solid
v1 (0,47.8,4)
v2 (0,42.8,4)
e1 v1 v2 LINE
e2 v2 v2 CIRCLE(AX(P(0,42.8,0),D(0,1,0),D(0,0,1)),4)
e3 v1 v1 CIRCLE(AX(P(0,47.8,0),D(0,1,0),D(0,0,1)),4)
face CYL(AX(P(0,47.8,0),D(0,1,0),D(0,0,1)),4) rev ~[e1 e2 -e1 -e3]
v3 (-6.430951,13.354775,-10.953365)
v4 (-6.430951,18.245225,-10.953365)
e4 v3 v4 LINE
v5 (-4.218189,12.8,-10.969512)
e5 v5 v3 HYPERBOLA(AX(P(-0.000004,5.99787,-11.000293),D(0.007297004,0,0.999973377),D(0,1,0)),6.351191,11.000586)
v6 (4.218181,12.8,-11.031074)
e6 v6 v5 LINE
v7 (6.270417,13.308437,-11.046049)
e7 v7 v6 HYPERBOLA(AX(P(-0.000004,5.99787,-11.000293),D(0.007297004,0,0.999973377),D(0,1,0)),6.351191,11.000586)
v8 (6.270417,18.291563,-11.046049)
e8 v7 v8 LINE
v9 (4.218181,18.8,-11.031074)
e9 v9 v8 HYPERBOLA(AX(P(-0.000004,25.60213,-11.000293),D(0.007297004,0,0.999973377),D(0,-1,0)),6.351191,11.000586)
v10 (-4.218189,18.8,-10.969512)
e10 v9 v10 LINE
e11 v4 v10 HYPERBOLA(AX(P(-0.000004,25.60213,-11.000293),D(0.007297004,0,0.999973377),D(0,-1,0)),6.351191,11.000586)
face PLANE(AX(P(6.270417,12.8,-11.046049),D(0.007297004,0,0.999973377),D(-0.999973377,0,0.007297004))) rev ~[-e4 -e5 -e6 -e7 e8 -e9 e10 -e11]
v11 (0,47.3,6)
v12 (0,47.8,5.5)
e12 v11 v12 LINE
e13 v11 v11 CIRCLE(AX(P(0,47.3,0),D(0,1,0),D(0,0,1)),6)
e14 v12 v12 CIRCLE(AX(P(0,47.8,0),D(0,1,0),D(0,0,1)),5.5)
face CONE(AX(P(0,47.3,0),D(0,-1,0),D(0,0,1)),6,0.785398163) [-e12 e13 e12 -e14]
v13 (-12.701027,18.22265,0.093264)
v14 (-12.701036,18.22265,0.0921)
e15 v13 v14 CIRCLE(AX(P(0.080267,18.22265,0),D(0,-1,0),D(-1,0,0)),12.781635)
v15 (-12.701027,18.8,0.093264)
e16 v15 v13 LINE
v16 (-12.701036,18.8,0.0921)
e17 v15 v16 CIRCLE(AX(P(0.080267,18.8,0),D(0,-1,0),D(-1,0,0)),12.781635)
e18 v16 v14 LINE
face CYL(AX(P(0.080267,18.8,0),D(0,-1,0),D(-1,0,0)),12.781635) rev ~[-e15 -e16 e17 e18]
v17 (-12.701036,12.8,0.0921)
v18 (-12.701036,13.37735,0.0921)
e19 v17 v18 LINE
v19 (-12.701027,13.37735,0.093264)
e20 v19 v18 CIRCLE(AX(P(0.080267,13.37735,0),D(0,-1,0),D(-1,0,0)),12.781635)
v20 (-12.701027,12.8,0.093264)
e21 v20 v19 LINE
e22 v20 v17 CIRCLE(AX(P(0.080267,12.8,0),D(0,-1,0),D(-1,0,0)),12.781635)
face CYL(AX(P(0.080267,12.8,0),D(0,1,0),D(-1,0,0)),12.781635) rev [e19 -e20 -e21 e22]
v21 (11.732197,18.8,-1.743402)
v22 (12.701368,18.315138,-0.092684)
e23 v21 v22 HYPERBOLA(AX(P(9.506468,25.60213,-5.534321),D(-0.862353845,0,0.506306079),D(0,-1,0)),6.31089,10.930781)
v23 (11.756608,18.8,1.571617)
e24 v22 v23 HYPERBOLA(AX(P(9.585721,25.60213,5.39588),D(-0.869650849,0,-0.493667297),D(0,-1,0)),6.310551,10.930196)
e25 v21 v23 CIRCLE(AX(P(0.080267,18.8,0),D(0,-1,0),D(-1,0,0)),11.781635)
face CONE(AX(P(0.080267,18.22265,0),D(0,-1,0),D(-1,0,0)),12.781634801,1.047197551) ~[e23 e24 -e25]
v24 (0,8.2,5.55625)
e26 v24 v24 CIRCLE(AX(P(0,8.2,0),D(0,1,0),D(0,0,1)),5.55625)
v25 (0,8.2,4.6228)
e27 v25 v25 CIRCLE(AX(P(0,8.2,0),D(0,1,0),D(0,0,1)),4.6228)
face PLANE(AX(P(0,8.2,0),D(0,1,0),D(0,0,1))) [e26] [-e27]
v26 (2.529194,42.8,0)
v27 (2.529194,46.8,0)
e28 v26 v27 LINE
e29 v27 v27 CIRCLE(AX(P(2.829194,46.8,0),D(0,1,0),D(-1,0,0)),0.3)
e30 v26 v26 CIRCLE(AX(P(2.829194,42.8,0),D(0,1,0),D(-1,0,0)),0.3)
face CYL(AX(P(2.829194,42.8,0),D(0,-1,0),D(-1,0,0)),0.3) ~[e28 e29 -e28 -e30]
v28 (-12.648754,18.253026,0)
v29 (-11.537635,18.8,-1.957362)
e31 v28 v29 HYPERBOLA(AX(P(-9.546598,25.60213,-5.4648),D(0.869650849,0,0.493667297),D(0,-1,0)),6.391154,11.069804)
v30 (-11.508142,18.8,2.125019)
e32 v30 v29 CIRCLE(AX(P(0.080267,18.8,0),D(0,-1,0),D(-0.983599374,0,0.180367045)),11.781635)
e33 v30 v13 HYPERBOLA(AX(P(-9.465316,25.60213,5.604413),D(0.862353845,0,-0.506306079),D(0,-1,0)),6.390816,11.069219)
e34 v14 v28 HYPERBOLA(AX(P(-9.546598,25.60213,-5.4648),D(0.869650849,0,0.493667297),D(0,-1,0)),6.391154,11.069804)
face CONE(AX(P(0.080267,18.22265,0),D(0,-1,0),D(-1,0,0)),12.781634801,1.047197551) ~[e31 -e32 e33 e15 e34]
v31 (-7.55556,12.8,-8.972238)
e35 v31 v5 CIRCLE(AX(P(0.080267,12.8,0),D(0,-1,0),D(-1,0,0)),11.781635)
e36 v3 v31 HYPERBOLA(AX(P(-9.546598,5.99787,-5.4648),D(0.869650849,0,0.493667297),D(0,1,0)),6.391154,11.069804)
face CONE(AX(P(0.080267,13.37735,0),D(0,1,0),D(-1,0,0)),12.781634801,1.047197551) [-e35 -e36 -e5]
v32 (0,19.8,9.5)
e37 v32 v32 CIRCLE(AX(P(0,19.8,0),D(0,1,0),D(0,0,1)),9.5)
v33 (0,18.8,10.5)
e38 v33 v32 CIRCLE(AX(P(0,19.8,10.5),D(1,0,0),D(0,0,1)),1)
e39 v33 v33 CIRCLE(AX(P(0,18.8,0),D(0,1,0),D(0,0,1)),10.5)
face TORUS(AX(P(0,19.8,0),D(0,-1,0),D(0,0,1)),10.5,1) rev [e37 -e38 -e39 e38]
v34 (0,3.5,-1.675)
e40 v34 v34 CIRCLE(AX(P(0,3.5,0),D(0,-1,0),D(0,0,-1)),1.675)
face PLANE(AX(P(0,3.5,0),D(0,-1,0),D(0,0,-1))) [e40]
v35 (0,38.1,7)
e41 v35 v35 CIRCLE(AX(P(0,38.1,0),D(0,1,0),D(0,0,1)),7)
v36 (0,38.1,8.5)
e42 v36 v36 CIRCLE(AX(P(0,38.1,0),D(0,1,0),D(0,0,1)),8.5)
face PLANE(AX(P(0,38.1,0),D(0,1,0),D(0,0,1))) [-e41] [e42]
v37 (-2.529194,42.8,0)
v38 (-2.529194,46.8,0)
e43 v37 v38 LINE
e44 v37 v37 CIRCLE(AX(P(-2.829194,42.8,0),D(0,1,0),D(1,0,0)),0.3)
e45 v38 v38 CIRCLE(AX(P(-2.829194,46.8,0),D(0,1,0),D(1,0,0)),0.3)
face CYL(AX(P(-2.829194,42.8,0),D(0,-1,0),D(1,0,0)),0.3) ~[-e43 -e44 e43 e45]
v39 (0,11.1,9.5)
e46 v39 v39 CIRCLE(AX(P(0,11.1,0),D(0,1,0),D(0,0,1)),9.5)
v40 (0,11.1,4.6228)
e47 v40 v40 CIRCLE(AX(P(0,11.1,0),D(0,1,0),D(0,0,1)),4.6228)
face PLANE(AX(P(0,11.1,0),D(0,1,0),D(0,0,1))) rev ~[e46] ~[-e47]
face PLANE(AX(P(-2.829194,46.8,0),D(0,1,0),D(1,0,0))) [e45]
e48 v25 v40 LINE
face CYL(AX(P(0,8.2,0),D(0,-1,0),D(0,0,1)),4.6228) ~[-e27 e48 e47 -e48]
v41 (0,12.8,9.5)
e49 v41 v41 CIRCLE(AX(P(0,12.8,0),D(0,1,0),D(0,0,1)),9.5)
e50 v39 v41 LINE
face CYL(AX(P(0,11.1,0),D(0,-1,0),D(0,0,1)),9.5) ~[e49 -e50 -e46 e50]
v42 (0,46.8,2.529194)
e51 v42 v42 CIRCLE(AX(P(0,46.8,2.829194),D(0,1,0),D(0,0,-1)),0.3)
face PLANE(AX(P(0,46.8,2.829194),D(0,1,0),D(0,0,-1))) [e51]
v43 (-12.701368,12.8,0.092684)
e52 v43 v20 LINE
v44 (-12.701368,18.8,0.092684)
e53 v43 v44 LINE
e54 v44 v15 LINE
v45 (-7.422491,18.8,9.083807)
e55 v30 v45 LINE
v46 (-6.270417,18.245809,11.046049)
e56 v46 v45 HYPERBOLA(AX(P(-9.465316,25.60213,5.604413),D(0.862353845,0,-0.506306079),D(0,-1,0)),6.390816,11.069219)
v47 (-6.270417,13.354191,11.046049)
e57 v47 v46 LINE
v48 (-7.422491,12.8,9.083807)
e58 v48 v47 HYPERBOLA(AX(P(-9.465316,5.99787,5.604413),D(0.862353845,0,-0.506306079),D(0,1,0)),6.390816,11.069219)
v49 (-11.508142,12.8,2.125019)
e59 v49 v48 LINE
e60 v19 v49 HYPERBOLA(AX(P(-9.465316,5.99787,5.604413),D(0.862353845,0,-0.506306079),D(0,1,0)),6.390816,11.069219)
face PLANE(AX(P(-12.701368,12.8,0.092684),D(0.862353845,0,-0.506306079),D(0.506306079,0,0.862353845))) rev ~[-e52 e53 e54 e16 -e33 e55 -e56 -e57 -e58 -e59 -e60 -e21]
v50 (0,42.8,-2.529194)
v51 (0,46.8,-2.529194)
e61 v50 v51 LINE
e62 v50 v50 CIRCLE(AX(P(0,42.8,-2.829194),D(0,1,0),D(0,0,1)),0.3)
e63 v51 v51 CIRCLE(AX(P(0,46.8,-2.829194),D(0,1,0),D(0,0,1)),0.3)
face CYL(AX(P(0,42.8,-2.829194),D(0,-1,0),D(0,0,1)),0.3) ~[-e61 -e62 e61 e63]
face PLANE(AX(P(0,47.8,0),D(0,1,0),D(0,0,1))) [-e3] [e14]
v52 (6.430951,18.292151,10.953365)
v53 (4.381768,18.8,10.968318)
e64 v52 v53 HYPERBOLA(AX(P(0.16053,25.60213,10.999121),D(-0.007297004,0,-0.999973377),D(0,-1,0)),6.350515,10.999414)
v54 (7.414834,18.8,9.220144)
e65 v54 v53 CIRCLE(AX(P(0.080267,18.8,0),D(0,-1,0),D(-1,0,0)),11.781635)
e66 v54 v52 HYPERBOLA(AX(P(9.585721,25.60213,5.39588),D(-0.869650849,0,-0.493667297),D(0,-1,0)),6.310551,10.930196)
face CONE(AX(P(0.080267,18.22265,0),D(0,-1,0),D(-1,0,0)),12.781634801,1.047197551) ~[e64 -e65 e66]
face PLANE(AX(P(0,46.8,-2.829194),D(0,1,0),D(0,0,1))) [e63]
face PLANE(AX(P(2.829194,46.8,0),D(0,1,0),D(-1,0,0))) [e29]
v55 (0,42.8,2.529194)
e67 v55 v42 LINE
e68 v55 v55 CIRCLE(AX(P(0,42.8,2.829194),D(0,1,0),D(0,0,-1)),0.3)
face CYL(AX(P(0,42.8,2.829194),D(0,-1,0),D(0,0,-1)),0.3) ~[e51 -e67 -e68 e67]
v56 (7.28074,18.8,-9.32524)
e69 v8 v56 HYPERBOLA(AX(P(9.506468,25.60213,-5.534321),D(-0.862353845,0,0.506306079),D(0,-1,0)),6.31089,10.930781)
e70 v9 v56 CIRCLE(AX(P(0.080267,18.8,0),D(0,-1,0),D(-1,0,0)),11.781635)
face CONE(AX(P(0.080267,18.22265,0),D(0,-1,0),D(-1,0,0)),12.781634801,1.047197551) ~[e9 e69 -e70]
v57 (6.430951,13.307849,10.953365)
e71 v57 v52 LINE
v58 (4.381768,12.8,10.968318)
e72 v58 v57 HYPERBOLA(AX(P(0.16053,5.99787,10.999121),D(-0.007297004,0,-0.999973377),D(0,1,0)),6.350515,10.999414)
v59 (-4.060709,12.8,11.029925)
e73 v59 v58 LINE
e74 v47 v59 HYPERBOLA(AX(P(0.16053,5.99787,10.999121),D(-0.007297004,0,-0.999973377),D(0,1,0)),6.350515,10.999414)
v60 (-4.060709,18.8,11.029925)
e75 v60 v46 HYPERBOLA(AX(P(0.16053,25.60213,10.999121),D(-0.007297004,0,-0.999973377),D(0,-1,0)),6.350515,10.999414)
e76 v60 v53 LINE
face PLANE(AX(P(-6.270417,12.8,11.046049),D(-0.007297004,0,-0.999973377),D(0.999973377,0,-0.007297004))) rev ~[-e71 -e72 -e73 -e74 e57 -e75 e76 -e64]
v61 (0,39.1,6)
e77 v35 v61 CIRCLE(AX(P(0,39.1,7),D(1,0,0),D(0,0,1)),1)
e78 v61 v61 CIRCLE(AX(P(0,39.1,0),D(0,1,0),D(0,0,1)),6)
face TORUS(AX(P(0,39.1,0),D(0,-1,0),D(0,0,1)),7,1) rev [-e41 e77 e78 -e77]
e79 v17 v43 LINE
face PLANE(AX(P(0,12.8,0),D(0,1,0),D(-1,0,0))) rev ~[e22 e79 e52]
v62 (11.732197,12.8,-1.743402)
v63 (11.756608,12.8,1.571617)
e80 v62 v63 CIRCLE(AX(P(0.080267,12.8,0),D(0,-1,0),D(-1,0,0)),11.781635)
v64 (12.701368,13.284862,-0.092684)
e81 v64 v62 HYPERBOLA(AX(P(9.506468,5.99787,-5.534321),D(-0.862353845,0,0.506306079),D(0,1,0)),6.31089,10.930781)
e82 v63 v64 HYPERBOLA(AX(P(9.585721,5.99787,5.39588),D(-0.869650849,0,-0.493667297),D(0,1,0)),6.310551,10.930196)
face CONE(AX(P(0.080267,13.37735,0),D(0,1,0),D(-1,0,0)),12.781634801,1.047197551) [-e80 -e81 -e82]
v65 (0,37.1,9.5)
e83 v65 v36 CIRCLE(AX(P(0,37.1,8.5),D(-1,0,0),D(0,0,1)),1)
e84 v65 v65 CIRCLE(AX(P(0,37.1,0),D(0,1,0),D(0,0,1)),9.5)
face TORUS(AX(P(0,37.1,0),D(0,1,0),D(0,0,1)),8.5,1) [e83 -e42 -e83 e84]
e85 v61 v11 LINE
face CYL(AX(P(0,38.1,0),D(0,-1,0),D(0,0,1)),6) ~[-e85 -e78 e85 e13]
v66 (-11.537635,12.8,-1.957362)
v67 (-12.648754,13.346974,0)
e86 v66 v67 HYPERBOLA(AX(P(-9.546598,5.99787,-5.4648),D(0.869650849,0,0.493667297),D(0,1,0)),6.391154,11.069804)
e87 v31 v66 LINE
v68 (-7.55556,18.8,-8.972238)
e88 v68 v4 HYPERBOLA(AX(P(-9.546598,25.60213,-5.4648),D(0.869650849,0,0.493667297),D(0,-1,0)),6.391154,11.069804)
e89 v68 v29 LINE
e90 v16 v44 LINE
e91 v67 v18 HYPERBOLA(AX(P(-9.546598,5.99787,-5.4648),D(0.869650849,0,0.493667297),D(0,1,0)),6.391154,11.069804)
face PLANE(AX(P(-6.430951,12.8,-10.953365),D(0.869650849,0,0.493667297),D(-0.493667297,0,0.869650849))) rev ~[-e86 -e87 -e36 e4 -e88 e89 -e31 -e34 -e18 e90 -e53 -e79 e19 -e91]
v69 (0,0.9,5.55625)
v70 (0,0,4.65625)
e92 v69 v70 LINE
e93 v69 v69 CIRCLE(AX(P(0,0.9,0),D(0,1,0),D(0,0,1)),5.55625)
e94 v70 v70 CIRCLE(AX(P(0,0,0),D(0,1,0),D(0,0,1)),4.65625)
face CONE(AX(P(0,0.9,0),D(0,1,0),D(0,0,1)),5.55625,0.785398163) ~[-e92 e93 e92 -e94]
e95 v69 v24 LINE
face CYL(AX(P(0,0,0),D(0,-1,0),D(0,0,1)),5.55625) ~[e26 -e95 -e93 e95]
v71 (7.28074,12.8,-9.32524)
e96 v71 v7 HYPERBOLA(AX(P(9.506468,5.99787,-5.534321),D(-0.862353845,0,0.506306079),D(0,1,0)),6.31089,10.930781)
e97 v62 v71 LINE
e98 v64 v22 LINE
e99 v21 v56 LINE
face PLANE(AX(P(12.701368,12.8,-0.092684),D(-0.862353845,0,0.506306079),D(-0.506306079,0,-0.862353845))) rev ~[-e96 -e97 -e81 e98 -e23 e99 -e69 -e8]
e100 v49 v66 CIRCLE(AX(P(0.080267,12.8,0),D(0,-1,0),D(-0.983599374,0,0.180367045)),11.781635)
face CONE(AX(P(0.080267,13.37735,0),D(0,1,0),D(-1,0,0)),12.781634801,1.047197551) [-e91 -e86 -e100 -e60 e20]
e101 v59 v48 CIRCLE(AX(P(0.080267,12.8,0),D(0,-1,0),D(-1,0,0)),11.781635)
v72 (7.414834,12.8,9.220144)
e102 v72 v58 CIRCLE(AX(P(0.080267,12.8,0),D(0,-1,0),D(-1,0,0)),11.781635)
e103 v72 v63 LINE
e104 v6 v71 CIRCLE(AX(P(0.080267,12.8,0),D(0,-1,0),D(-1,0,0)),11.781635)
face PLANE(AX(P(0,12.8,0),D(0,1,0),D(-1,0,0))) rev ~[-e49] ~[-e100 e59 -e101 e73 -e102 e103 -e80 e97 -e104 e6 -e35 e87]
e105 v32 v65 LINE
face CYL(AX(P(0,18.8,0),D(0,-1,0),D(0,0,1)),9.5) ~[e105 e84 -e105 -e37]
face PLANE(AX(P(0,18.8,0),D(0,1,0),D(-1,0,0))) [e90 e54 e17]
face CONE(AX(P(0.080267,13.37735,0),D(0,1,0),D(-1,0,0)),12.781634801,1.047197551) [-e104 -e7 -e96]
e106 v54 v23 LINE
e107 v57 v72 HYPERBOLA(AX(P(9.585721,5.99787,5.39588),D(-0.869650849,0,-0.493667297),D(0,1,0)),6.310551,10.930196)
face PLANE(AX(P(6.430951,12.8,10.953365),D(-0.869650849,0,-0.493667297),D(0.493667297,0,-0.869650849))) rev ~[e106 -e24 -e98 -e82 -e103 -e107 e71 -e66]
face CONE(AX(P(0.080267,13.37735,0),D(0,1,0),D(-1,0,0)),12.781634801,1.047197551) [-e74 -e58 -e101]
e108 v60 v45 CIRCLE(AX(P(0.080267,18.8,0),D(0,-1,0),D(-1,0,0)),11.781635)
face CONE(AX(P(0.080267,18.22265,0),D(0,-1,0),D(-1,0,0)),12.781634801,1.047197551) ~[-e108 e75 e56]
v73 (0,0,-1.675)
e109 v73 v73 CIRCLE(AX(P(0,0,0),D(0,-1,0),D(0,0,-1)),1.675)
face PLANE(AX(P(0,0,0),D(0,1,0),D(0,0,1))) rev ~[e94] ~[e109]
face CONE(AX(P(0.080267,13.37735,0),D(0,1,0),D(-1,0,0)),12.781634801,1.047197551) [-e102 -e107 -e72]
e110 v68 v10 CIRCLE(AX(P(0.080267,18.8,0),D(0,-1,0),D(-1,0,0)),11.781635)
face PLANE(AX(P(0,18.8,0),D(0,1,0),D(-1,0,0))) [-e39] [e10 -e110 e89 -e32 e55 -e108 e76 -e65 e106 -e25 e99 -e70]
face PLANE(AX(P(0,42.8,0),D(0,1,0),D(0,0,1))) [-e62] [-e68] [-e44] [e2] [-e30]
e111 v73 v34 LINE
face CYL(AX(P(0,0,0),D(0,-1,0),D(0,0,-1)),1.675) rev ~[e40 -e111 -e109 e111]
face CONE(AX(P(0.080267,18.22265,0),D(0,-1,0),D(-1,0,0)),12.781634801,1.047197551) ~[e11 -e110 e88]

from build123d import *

# Parameters (mm, degrees)
SKETCH1_R               = 5.55625
EXTRUDE1_DEPTH          = 8.2
SKETCH2_R               = 4.6228
EXTRUDE2_DEPTH          = 2.9
SKETCH17_R              = 9.5
EXTRUDE13_DEPTH         = 1.7
EXTRUDE4_DEPTH          = 6
SKETCH5_R               = 9.5
EXTRUDE5_DEPTH          = 19.3
CHAMFER1_SIZE           = 0.9
FILLET1_R               = 1
SKETCH8_R               = 1.675
CUT_EXTRUDE1_DEPTH      = 4.9022
CUT_EXTRUDE1_DEPTH_BACK = 3.5
SKETCH14_R              = 6
EXTRUDE11_DEPTH         = 9.7
FILLET2_R               = 1
CHAMFER3_SIZE           = 0.5
SKETCH15_R              = 4
CUT_EXTRUDE2_DEPTH      = 5
SKETCH16_R              = 0.3
EXTRUDE12_DEPTH         = 4
CIRPATTERN1_COUNT       = 4


with BuildPart() as part:
    # Sketch1 → Extrude1 (new body)
    with BuildSketch(Plane(origin=(0, 0, 0), x_dir=(1, 0, 0), z_dir=(0, 1, 0))):
        with Locations(Location((0, 0, 0), (0, 0, 270))):  # turned: the seam where the file's is
            Circle(SKETCH1_R)
    extrude(amount=EXTRUDE1_DEPTH)

    # Sketch2 → Extrude2 (add)
    with BuildSketch(Plane(origin=(0, 8.2, 0), x_dir=(-1, 0, 0), z_dir=(0, 1, 0))):
        with Locations(Location((0, 0, 0), (0, 0, 90))):  # turned: the seam where the file's is
            Circle(SKETCH2_R)
    extrude(amount=EXTRUDE2_DEPTH)

    # Sketch17 → Extrude13 (add)
    with BuildSketch(Plane(origin=(0, 11.1, 0), x_dir=(-1, 0, 0), z_dir=(0, 1, 0))):
        with Locations(Location((0, 0, 0), (0, 0, 90))):  # turned: the seam where the file's is
            Circle(SKETCH17_R)
    extrude(amount=EXTRUDE13_DEPTH)

    # Sketch4 → Extrude4 (add)
    with BuildSketch(Plane(origin=(0, 12.8, 0), x_dir=(-1, 0, 0), z_dir=(0, 1, 0))):
        Polygon((12.701367758, 0.092684398), (6.270416836, 11.046049341), (-6.430950923, 10.953364943), (-12.701367758, -0.092684398), (-6.270416836, -11.046049341), (6.430950923, -10.953364943), align=None)
    extrude(amount=EXTRUDE4_DEPTH)

    # Sketch5 → Extrude5 (add)
    with BuildSketch(Plane(origin=(0, 18.8, 0), x_dir=(-1, 0, 0), z_dir=(0, 1, 0))):
        with Locations(Location((0, 0, 0), (0, 0, 90))):  # turned: the seam where the file's is
            Circle(SKETCH5_R)
    extrude(amount=EXTRUDE5_DEPTH)

    # Chamfer1
    chamfer1_edges = [part.edges().sort_by_distance(p)[0] for p in [
        (0, 0, -5.55625),
    ]]
    chamfer(chamfer1_edges, length=CHAMFER1_SIZE)

    # Fillet1
    fillet1_edges = [part.edges().sort_by_distance(p)[0] for p in [
        (0, 18.8, -9.5),
        (0, 38.1, -9.5),
    ]]
    fillet(fillet1_edges, radius=FILLET1_R)

    # Sketch7 → Cut-Revolve1 (revolve, cut)
    with BuildSketch(Plane.XY):
        Polygon((-12.701367758, 18.8), (-12.701367758, 18.222649731), (-11.701367758, 18.8), align=None)
        Polygon((-12.701367758, 12.8), (-12.701367758, 13.377350269), (-11.701367758, 12.8), align=None)
    revolve(axis=Axis((0.080267043, 18.8, 0), (0, -1, 0)), mode=Mode.SUBTRACT)

    # Sketch8 → Cut-Extrude1 (cut, two sides)
    with BuildSketch(Plane.XZ) as cut_extrude1_sk:
        with Locations(Location((0, 0, 0), (0, 0, 270))):  # turned: the seam where the file's is
            Circle(SKETCH8_R)
    extrude(amount=CUT_EXTRUDE1_DEPTH, mode=Mode.SUBTRACT)
    extrude(cut_extrude1_sk.sketch, amount=-CUT_EXTRUDE1_DEPTH_BACK, mode=Mode.SUBTRACT)

    # Sketch14 → Extrude11 (add)
    with BuildSketch(Plane(origin=(0, 38.1, 0), x_dir=(-1, 0, 0), z_dir=(0, 1, 0))):
        with Locations(Location((0, 0, 0), (0, 0, 90))):  # turned: the seam where the file's is
            Circle(SKETCH14_R)
    extrude(amount=EXTRUDE11_DEPTH)

    # Fillet2
    fillet2_edges = [part.edges().sort_by_distance(p)[0] for p in [
        (0, 38.1, -6),
    ]]
    fillet(fillet2_edges, radius=FILLET2_R)

    # Chamfer3
    chamfer3_edges = [part.edges().sort_by_distance(p)[0] for p in [
        (0, 47.8, -6),
    ]]
    chamfer(chamfer3_edges, length=CHAMFER3_SIZE)

    # Sketch15 → Cut-Extrude2 (cut)
    with BuildSketch(Plane(origin=(0, 47.8, 0), x_dir=(-1, 0, 0), z_dir=(0, 1, 0))):
        with Locations(Location((0, 0, 0), (0, 0, 90))):  # turned: the seam where the file's is
            Circle(SKETCH15_R)
    extrude(amount=-CUT_EXTRUDE2_DEPTH, mode=Mode.SUBTRACT)

    # Sketch16 → Extrude12 (add)
    with BuildSketch(Plane(origin=(0, 42.8, 0), x_dir=(-1, 0, 0), z_dir=(0, 1, 0))):
        with Locations(Location((0, -2.829193853, 0), (0, 0, 90))):  # turned: the seam where the file's is
            Circle(SKETCH16_R)
    extrude12 = extrude(amount=EXTRUDE12_DEPTH)

    # CirPattern1: Extrude12 ×4 about axis
    cirpattern1_axis = Axis((0, 0, 0), (0, -1, 0))
    for i in range(1, CIRPATTERN1_COUNT):
        add(extrude12.rotate(cirpattern1_axis, i * 360 / CIRPATTERN1_COUNT))


solid = part.part
